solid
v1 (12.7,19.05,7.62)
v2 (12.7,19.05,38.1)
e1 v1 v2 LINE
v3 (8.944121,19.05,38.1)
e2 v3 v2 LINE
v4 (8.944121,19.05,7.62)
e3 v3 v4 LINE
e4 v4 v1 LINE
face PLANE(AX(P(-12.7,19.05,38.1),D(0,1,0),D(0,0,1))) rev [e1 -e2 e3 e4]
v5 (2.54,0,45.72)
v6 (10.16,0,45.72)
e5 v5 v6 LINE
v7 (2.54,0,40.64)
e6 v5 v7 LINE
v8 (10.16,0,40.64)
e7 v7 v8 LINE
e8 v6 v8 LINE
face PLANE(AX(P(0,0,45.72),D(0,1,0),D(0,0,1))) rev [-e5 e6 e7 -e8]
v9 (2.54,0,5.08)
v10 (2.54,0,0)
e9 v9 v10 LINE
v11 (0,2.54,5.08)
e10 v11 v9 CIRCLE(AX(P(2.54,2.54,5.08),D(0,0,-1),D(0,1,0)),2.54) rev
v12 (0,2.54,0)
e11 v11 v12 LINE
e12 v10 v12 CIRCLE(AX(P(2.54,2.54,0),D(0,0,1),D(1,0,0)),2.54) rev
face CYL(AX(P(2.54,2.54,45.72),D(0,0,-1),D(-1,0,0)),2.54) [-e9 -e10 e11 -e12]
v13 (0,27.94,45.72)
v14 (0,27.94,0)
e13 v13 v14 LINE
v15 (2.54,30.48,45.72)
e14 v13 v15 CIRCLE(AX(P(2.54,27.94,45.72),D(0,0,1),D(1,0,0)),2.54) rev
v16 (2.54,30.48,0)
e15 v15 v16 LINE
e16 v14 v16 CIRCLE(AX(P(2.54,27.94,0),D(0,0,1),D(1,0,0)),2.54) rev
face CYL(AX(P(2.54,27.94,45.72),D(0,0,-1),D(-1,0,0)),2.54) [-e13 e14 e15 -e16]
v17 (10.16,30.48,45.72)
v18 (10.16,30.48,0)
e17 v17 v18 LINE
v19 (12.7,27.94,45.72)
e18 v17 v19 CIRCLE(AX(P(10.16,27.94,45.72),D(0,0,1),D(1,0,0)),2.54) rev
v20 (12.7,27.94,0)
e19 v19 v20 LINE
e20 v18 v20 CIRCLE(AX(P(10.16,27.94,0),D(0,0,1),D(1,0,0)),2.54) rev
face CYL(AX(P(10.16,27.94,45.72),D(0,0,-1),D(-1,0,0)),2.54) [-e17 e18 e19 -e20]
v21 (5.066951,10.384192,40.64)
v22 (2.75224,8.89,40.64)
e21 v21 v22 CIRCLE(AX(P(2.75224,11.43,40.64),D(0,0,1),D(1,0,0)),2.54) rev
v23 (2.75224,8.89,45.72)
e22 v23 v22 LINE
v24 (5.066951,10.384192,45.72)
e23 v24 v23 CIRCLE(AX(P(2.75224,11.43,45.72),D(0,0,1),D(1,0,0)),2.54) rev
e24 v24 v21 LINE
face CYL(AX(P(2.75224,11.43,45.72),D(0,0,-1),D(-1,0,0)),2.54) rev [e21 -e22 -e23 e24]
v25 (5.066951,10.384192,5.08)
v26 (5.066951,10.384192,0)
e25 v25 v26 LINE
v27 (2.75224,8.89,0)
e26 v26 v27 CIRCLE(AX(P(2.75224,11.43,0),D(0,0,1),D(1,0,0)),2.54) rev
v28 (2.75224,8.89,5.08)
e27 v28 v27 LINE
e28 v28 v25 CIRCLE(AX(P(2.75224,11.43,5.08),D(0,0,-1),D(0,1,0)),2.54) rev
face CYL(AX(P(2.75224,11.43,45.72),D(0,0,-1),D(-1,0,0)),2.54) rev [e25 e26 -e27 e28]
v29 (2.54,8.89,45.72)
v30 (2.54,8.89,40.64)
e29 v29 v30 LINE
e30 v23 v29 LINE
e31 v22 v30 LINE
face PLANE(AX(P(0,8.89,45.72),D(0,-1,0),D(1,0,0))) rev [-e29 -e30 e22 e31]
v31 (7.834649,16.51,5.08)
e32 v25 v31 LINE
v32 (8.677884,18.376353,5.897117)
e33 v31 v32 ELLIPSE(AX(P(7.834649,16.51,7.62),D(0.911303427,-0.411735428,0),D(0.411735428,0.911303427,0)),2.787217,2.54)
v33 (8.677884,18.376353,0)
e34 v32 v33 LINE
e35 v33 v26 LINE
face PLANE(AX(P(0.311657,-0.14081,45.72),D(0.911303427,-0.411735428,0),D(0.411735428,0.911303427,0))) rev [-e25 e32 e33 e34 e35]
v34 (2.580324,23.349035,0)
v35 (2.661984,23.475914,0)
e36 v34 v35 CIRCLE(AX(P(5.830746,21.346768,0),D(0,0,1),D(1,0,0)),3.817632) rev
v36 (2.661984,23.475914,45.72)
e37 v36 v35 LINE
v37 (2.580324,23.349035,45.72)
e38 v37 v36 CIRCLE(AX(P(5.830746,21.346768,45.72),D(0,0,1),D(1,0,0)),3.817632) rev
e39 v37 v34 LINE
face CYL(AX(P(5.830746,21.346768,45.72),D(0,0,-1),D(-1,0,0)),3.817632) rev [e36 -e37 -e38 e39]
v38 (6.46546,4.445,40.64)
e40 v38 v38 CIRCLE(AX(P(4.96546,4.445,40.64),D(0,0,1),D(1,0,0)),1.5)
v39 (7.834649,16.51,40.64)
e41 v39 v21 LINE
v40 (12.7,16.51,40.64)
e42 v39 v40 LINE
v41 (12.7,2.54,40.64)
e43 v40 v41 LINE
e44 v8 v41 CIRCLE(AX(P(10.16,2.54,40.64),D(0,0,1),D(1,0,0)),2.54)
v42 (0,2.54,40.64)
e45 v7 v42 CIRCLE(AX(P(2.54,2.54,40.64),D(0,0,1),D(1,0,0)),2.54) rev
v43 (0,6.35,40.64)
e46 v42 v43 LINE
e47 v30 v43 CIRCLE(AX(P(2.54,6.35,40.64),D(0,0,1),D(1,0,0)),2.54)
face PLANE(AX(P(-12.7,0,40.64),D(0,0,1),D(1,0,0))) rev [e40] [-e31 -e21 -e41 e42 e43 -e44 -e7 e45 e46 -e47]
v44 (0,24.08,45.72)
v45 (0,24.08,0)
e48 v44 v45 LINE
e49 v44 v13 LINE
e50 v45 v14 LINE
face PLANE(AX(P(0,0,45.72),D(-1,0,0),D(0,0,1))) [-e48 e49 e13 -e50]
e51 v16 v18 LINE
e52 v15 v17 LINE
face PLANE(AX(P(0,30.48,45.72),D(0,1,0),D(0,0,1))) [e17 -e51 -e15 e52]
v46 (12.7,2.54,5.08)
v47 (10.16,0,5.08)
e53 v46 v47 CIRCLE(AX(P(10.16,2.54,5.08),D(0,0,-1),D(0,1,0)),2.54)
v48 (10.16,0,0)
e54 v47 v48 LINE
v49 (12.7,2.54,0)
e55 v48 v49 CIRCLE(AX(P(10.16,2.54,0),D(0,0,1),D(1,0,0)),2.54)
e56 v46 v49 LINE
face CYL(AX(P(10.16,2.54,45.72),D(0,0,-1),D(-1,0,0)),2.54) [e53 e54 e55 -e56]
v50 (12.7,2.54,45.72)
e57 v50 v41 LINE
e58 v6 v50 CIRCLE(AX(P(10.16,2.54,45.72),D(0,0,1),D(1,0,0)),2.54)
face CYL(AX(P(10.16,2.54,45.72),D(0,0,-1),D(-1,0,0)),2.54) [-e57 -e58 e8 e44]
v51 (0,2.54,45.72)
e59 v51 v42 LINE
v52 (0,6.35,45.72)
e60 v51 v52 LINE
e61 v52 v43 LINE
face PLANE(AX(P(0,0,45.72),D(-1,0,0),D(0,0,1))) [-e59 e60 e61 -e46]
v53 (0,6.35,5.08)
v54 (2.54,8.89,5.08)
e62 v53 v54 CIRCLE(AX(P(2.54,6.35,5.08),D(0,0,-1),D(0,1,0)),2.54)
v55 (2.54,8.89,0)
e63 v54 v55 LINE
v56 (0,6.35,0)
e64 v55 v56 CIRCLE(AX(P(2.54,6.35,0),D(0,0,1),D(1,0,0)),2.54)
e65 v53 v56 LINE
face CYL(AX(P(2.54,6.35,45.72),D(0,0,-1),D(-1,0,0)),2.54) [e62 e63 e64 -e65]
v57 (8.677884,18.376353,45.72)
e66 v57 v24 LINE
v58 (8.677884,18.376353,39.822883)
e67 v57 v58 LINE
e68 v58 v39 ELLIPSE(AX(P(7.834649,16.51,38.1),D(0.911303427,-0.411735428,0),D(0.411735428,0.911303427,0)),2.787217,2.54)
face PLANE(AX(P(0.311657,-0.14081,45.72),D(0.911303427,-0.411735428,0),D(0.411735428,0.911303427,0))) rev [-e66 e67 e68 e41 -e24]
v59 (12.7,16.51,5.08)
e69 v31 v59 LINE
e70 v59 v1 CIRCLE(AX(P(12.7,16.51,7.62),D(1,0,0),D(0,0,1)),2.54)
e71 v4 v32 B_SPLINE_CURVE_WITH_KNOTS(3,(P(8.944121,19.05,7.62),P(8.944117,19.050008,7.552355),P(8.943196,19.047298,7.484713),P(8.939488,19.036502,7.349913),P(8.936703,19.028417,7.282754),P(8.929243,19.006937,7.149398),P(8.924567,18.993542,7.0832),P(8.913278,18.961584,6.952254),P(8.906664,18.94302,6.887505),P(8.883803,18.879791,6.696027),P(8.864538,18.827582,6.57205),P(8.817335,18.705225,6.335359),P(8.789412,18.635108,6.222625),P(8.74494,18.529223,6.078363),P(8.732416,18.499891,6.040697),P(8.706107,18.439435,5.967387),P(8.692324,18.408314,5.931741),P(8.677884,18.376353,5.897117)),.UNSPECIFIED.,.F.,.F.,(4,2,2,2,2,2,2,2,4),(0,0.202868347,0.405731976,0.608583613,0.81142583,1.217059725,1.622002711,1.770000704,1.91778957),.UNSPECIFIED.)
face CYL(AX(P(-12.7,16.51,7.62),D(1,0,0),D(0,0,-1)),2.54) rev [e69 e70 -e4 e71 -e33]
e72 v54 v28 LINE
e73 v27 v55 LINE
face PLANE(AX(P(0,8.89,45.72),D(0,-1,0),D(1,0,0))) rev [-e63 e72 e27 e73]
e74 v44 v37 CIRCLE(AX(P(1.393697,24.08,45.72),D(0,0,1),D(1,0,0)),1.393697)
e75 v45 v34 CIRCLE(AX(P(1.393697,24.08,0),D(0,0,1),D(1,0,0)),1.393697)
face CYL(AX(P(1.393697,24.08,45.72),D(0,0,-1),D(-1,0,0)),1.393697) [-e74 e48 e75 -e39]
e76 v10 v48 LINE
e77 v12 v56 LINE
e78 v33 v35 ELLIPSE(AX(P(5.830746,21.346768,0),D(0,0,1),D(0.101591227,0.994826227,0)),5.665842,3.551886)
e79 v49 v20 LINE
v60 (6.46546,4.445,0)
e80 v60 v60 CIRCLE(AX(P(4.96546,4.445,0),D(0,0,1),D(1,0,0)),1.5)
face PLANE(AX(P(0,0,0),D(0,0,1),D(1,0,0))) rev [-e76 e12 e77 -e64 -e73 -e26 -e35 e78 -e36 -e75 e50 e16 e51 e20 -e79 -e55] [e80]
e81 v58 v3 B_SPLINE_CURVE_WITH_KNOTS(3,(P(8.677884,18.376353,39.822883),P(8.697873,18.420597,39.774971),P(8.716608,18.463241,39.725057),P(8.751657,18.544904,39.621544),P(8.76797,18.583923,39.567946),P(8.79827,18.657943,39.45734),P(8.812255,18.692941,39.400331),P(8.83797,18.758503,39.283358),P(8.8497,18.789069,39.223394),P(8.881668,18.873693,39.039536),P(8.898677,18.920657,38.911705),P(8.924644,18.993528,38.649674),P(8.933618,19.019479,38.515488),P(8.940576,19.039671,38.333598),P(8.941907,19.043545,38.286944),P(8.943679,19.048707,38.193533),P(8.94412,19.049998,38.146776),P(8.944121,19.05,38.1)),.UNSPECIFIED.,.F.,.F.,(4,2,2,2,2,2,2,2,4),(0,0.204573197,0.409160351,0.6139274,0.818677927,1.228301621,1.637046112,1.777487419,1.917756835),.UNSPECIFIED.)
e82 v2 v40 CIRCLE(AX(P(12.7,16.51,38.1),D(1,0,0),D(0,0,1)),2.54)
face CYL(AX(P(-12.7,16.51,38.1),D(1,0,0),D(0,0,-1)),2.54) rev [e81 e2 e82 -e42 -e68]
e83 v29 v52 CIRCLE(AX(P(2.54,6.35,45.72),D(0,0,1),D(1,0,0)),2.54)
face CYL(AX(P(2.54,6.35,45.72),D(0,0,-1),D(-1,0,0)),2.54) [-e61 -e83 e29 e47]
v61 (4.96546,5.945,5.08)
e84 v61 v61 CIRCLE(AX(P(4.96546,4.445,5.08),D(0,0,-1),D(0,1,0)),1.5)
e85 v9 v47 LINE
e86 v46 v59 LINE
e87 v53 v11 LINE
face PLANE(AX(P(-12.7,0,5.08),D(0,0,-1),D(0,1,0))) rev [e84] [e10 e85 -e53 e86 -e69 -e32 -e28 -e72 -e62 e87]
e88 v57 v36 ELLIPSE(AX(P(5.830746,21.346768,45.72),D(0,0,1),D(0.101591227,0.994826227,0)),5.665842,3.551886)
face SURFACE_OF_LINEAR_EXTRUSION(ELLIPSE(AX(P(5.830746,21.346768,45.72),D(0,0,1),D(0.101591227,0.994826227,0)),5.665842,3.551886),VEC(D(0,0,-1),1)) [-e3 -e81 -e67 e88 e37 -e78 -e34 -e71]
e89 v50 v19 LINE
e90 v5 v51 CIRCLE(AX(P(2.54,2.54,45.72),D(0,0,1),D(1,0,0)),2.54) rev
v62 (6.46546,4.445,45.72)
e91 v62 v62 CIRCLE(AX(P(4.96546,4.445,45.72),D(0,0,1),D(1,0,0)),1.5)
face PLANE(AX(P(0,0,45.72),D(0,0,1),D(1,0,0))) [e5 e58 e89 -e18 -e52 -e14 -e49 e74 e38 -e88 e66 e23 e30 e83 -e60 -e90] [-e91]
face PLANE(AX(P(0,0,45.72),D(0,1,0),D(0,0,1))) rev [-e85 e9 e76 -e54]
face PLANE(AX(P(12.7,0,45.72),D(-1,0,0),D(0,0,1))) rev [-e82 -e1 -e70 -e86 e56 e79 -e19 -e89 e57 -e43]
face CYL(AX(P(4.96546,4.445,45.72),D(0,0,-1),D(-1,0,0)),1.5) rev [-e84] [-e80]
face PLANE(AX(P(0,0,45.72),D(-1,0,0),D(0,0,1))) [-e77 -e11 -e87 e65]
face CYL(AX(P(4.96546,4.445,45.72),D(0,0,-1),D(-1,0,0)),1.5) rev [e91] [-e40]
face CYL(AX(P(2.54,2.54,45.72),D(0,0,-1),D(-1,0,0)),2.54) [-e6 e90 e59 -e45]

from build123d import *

# Parameters (mm, degrees)
SKETCH1_R           = 1.5
BOSS_EXTRUDE1_DEPTH = 45.72
CUT_EXTRUDE1_DEPTH  = 25.4


with BuildPart() as part:
    # Sketch1 → Boss-Extrude1 (new body)
    with BuildSketch(Plane.XY):
        with BuildLine():
            add(Edge.make_bspline(
                [(8.677884321, 18.376352753), (9.611503438, 20.442753269), (9.364466551, 22.79145978)],
                knots=[4.222526815, 4.222526815, 4.222526815, 5.034979768, 5.034979768, 5.034979768], degree=2, weights=[1, 0.918618451, 1]))
            Line((8.677884321, 18.376352753), (5.066951203, 10.384192012))
            ThreePointArc((5.066951203, 10.384192012), (4.129783184, 9.29599528), (2.752240497, 8.89))
            Line((2.752240497, 8.89), (2.54, 8.89))
            ThreePointArc((2.54, 8.89), (0.743948776, 8.146051224), (0, 6.35))
            Line((0, 6.35), (0, 2.54))
            ThreePointArc((0, 2.54), (0.743948776, 0.743948776), (2.54, 0))
            Line((2.54, 0), (10.16, 0))
            ThreePointArc((10.16, 0), (11.956051224, 0.743948776), (12.7, 2.54))
            Line((12.7, 2.54), (12.7, 27.94))
            ThreePointArc((12.7, 27.94), (11.956051224, 29.736051224), (10.16, 30.48))
            Line((10.16, 30.48), (2.54, 30.48))
            ThreePointArc((2.54, 30.48), (0.743948776, 29.736051224), (0, 27.94))
            Line((0, 27.94), (0, 24.08))
            ThreePointArc((0, 24.08), (1.01383309, 22.739069096), (2.58032425, 23.349035215))
            ThreePointArc((2.58032425, 23.349035215), (2.620527336, 23.41287828), (2.661984223, 23.475914394))
            add(Edge.make_bspline(
                [(6.406345811, 26.98329616), (3.861791417, 27.243144961), (2.661984223, 23.475914394)],
                knots=[0, 0, 0, 1.248205539, 1.248205539, 1.248205539], degree=2, weights=[1, 0.81148776, 1]))
            add(Edge.make_bspline(
                [(9.364466551, 22.79145978), (8.950900204, 26.723447359), (6.406345811, 26.98329616)],
                knots=[5.034979768, 5.034979768, 5.034979768, 6.283185307, 6.283185307, 6.283185307], degree=2, weights=[1, 0.81148776, 1]))
        make_face()
        with Locations((4.965459901, 4.445)):
            Circle(SKETCH1_R, mode=Mode.SUBTRACT)
    extrude(amount=BOSS_EXTRUDE1_DEPTH)

    # Sketch2 → Cut-Extrude1 (cut)
    with BuildSketch(Plane(origin=(12.7, 0, 0), x_dir=(0, 0, -1), z_dir=(1, 0, 0))):
        with BuildLine():
            Line((-40.64, 0), (-5.08, 0))
            Line((-5.08, 0), (-5.08, 16.51))
            ThreePointArc((-5.08, 16.51), (-5.823948776, 18.306051224), (-7.62, 19.05))
            Line((-7.62, 19.05), (-38.1, 19.05))
            ThreePointArc((-38.1, 19.05), (-39.896051224, 18.306051224), (-40.64, 16.51))
            Line((-40.64, 16.51), (-40.64, 0))
        make_face()
    extrude(amount=-CUT_EXTRUDE1_DEPTH, mode=Mode.SUBTRACT)


solid = part.part
